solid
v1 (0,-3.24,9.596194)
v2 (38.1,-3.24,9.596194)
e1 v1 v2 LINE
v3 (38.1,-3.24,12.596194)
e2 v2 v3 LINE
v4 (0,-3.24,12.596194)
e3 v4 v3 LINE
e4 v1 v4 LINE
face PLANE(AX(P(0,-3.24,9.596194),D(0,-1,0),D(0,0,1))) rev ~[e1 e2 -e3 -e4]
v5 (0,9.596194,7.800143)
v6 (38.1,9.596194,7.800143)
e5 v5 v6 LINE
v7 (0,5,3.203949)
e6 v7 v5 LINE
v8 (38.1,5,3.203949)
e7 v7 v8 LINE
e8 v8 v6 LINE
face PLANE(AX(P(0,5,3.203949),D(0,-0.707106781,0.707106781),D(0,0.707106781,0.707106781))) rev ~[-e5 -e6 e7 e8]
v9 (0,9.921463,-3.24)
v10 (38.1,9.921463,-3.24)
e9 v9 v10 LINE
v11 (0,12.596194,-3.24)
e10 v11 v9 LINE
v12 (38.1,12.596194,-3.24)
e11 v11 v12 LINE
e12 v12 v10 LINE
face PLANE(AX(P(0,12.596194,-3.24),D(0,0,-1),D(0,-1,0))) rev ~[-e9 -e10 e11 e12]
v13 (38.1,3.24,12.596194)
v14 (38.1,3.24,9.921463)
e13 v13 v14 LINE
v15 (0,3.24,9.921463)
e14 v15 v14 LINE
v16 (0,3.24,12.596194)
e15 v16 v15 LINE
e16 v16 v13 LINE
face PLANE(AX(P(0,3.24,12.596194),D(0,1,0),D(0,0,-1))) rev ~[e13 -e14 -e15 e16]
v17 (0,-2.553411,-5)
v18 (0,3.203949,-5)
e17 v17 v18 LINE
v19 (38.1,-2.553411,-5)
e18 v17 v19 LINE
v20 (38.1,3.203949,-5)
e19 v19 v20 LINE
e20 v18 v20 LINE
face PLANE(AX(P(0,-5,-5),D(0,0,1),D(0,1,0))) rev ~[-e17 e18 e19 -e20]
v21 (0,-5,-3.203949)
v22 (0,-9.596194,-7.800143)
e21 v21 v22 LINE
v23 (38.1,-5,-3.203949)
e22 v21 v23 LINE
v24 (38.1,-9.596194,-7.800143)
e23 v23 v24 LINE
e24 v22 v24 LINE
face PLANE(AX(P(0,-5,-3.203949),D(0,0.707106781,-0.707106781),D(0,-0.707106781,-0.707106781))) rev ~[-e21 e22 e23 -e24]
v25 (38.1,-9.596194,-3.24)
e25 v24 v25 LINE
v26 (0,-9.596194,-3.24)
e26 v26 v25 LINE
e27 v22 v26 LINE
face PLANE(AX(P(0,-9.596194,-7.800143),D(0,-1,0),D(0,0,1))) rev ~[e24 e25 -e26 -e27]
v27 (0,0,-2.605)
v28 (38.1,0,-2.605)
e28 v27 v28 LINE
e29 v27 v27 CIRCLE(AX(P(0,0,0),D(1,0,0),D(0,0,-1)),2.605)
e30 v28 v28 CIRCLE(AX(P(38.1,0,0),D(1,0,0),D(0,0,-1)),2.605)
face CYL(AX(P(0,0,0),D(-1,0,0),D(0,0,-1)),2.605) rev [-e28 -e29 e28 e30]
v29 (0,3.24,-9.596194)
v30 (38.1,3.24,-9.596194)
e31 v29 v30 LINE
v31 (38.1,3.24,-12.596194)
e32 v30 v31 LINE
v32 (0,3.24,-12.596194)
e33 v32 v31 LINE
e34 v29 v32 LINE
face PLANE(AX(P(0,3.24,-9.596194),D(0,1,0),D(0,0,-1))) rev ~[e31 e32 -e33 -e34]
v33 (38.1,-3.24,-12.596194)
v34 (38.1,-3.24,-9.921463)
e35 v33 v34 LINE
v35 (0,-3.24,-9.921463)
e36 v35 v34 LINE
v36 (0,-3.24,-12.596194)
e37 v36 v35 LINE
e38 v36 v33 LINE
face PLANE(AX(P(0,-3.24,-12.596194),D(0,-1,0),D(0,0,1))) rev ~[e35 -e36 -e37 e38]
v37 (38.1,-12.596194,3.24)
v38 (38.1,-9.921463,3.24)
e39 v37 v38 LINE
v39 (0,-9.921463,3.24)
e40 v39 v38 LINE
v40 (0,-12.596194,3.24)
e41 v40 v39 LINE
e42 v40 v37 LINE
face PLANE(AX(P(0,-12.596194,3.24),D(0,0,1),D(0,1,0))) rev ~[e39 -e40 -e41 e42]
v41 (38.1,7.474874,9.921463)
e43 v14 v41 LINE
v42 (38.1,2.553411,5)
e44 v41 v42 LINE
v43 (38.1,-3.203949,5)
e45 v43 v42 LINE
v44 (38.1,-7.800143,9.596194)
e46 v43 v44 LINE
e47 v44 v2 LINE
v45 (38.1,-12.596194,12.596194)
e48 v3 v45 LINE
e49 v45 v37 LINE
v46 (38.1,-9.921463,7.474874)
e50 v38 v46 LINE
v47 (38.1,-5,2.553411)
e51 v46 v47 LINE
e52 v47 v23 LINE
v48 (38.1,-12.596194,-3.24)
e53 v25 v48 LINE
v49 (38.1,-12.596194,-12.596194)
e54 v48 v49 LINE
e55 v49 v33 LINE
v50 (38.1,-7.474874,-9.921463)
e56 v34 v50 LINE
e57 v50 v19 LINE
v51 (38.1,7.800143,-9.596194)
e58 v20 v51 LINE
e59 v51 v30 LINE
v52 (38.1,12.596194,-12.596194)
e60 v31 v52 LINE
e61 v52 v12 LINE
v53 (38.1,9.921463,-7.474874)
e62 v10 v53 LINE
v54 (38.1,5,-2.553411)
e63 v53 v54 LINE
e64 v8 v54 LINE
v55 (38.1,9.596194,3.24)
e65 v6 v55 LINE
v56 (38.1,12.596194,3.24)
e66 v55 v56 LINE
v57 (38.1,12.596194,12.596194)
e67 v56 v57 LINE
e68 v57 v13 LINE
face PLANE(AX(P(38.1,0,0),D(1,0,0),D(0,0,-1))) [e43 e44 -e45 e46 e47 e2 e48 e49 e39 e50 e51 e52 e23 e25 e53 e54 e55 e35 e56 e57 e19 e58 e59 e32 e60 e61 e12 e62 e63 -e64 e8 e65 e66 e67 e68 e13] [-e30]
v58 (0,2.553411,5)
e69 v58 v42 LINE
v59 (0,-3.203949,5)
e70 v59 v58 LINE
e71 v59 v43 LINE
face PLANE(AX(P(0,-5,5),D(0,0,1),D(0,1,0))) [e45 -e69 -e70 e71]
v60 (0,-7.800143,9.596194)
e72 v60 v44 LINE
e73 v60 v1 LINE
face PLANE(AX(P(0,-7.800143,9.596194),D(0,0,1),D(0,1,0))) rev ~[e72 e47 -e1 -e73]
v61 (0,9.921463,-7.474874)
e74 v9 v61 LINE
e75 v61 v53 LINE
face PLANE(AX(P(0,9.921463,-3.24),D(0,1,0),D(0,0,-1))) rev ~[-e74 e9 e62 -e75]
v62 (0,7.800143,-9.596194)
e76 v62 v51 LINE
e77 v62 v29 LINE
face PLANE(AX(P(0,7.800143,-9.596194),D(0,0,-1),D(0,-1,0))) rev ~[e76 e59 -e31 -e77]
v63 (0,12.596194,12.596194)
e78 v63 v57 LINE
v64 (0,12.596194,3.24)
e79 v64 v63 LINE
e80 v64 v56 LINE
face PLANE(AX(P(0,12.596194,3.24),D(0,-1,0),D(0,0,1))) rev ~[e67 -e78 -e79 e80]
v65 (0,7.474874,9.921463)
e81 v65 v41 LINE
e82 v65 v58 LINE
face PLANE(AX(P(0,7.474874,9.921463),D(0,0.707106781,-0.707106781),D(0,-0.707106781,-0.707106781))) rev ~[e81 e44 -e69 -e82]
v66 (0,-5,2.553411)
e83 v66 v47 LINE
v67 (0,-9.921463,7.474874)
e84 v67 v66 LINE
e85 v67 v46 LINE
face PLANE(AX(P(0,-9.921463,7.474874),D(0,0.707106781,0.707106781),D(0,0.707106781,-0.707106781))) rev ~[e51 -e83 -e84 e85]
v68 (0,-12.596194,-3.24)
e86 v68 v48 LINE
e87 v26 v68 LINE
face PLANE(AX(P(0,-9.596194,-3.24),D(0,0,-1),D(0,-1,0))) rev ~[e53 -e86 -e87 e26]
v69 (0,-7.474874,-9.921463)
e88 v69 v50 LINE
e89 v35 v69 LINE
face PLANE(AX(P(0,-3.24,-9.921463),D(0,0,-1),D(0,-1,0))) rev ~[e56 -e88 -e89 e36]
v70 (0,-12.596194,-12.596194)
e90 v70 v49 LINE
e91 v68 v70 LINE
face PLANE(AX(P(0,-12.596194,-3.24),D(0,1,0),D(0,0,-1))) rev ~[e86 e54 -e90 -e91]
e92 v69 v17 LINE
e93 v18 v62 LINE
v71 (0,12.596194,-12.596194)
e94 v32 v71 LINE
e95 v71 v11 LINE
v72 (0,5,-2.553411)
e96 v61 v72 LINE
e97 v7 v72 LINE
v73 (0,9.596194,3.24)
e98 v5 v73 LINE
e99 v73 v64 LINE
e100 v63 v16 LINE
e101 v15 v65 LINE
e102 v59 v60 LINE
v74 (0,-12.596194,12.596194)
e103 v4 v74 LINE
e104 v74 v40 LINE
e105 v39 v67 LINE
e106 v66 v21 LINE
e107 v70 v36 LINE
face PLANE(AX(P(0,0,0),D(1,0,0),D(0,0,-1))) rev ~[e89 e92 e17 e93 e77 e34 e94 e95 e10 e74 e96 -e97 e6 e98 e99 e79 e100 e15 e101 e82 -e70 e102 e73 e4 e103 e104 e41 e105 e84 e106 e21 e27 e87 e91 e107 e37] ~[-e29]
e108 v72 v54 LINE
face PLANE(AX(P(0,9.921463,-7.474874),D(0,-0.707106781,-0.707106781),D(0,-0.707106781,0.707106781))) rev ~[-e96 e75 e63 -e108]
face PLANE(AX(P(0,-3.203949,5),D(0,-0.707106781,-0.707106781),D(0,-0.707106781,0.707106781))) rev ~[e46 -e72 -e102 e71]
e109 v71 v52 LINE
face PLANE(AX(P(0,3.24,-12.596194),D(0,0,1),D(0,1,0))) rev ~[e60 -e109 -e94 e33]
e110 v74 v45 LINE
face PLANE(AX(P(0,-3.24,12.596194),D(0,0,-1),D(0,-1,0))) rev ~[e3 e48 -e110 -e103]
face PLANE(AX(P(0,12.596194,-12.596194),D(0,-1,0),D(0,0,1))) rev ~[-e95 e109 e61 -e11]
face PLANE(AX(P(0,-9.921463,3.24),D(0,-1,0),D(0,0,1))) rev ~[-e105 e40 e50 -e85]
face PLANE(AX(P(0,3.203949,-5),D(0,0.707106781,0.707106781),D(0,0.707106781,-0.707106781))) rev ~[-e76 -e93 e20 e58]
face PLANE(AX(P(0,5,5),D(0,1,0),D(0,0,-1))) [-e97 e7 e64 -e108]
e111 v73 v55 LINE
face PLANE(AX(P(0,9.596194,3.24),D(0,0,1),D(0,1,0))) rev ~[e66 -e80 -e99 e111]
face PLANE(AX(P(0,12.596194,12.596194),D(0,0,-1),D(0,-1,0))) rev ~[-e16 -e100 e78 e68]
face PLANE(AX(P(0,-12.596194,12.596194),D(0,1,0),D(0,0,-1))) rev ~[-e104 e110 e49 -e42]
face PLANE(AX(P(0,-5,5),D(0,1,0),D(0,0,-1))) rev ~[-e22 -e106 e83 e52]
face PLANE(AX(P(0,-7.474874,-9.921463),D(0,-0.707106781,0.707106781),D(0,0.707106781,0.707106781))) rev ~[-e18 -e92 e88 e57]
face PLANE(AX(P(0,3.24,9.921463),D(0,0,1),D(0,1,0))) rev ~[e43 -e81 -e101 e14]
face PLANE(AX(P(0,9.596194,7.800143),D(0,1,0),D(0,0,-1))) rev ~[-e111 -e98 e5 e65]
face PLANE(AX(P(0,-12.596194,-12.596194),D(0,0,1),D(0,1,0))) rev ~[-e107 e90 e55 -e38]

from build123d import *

# Parameters (mm, degrees)
SKETCH1_R           = 2.605
BOSS_EXTRUDE1_DEPTH = 38.1
CIRPATTERN1_COUNT   = 4


with BuildPart() as part:
    # Sketch1 → Boss-Extrude1 (new body)
    with BuildSketch(Plane(origin=(0, 0, 0), x_dir=(0, 0, -1), z_dir=(1, 0, 0))):
        Polygon((5, -5), (5, 3.203948776), (9.596194078, 7.800142853), (9.596194078, 3.24), (12.596194078, 3.24), (12.596194078, 12.596194078), (3.24, 12.596194078), (3.24, 9.921463197), (7.474873734, 9.921463197), (2.553410537, 5), (-5, 5), (-5, -5), align=None)
        Circle(SKETCH1_R, mode=Mode.SUBTRACT)
    boss_extrude1 = extrude(amount=BOSS_EXTRUDE1_DEPTH)

    # CirPattern1: Boss-Extrude1 ×4 about axis
    cirpattern1_axis = Axis((0, 0, 0), (1, 0, 0))
    for i in range(1, CIRPATTERN1_COUNT):
        add(boss_extrude1.rotate(cirpattern1_axis, i * 360 / CIRPATTERN1_COUNT))


solid = part.part
